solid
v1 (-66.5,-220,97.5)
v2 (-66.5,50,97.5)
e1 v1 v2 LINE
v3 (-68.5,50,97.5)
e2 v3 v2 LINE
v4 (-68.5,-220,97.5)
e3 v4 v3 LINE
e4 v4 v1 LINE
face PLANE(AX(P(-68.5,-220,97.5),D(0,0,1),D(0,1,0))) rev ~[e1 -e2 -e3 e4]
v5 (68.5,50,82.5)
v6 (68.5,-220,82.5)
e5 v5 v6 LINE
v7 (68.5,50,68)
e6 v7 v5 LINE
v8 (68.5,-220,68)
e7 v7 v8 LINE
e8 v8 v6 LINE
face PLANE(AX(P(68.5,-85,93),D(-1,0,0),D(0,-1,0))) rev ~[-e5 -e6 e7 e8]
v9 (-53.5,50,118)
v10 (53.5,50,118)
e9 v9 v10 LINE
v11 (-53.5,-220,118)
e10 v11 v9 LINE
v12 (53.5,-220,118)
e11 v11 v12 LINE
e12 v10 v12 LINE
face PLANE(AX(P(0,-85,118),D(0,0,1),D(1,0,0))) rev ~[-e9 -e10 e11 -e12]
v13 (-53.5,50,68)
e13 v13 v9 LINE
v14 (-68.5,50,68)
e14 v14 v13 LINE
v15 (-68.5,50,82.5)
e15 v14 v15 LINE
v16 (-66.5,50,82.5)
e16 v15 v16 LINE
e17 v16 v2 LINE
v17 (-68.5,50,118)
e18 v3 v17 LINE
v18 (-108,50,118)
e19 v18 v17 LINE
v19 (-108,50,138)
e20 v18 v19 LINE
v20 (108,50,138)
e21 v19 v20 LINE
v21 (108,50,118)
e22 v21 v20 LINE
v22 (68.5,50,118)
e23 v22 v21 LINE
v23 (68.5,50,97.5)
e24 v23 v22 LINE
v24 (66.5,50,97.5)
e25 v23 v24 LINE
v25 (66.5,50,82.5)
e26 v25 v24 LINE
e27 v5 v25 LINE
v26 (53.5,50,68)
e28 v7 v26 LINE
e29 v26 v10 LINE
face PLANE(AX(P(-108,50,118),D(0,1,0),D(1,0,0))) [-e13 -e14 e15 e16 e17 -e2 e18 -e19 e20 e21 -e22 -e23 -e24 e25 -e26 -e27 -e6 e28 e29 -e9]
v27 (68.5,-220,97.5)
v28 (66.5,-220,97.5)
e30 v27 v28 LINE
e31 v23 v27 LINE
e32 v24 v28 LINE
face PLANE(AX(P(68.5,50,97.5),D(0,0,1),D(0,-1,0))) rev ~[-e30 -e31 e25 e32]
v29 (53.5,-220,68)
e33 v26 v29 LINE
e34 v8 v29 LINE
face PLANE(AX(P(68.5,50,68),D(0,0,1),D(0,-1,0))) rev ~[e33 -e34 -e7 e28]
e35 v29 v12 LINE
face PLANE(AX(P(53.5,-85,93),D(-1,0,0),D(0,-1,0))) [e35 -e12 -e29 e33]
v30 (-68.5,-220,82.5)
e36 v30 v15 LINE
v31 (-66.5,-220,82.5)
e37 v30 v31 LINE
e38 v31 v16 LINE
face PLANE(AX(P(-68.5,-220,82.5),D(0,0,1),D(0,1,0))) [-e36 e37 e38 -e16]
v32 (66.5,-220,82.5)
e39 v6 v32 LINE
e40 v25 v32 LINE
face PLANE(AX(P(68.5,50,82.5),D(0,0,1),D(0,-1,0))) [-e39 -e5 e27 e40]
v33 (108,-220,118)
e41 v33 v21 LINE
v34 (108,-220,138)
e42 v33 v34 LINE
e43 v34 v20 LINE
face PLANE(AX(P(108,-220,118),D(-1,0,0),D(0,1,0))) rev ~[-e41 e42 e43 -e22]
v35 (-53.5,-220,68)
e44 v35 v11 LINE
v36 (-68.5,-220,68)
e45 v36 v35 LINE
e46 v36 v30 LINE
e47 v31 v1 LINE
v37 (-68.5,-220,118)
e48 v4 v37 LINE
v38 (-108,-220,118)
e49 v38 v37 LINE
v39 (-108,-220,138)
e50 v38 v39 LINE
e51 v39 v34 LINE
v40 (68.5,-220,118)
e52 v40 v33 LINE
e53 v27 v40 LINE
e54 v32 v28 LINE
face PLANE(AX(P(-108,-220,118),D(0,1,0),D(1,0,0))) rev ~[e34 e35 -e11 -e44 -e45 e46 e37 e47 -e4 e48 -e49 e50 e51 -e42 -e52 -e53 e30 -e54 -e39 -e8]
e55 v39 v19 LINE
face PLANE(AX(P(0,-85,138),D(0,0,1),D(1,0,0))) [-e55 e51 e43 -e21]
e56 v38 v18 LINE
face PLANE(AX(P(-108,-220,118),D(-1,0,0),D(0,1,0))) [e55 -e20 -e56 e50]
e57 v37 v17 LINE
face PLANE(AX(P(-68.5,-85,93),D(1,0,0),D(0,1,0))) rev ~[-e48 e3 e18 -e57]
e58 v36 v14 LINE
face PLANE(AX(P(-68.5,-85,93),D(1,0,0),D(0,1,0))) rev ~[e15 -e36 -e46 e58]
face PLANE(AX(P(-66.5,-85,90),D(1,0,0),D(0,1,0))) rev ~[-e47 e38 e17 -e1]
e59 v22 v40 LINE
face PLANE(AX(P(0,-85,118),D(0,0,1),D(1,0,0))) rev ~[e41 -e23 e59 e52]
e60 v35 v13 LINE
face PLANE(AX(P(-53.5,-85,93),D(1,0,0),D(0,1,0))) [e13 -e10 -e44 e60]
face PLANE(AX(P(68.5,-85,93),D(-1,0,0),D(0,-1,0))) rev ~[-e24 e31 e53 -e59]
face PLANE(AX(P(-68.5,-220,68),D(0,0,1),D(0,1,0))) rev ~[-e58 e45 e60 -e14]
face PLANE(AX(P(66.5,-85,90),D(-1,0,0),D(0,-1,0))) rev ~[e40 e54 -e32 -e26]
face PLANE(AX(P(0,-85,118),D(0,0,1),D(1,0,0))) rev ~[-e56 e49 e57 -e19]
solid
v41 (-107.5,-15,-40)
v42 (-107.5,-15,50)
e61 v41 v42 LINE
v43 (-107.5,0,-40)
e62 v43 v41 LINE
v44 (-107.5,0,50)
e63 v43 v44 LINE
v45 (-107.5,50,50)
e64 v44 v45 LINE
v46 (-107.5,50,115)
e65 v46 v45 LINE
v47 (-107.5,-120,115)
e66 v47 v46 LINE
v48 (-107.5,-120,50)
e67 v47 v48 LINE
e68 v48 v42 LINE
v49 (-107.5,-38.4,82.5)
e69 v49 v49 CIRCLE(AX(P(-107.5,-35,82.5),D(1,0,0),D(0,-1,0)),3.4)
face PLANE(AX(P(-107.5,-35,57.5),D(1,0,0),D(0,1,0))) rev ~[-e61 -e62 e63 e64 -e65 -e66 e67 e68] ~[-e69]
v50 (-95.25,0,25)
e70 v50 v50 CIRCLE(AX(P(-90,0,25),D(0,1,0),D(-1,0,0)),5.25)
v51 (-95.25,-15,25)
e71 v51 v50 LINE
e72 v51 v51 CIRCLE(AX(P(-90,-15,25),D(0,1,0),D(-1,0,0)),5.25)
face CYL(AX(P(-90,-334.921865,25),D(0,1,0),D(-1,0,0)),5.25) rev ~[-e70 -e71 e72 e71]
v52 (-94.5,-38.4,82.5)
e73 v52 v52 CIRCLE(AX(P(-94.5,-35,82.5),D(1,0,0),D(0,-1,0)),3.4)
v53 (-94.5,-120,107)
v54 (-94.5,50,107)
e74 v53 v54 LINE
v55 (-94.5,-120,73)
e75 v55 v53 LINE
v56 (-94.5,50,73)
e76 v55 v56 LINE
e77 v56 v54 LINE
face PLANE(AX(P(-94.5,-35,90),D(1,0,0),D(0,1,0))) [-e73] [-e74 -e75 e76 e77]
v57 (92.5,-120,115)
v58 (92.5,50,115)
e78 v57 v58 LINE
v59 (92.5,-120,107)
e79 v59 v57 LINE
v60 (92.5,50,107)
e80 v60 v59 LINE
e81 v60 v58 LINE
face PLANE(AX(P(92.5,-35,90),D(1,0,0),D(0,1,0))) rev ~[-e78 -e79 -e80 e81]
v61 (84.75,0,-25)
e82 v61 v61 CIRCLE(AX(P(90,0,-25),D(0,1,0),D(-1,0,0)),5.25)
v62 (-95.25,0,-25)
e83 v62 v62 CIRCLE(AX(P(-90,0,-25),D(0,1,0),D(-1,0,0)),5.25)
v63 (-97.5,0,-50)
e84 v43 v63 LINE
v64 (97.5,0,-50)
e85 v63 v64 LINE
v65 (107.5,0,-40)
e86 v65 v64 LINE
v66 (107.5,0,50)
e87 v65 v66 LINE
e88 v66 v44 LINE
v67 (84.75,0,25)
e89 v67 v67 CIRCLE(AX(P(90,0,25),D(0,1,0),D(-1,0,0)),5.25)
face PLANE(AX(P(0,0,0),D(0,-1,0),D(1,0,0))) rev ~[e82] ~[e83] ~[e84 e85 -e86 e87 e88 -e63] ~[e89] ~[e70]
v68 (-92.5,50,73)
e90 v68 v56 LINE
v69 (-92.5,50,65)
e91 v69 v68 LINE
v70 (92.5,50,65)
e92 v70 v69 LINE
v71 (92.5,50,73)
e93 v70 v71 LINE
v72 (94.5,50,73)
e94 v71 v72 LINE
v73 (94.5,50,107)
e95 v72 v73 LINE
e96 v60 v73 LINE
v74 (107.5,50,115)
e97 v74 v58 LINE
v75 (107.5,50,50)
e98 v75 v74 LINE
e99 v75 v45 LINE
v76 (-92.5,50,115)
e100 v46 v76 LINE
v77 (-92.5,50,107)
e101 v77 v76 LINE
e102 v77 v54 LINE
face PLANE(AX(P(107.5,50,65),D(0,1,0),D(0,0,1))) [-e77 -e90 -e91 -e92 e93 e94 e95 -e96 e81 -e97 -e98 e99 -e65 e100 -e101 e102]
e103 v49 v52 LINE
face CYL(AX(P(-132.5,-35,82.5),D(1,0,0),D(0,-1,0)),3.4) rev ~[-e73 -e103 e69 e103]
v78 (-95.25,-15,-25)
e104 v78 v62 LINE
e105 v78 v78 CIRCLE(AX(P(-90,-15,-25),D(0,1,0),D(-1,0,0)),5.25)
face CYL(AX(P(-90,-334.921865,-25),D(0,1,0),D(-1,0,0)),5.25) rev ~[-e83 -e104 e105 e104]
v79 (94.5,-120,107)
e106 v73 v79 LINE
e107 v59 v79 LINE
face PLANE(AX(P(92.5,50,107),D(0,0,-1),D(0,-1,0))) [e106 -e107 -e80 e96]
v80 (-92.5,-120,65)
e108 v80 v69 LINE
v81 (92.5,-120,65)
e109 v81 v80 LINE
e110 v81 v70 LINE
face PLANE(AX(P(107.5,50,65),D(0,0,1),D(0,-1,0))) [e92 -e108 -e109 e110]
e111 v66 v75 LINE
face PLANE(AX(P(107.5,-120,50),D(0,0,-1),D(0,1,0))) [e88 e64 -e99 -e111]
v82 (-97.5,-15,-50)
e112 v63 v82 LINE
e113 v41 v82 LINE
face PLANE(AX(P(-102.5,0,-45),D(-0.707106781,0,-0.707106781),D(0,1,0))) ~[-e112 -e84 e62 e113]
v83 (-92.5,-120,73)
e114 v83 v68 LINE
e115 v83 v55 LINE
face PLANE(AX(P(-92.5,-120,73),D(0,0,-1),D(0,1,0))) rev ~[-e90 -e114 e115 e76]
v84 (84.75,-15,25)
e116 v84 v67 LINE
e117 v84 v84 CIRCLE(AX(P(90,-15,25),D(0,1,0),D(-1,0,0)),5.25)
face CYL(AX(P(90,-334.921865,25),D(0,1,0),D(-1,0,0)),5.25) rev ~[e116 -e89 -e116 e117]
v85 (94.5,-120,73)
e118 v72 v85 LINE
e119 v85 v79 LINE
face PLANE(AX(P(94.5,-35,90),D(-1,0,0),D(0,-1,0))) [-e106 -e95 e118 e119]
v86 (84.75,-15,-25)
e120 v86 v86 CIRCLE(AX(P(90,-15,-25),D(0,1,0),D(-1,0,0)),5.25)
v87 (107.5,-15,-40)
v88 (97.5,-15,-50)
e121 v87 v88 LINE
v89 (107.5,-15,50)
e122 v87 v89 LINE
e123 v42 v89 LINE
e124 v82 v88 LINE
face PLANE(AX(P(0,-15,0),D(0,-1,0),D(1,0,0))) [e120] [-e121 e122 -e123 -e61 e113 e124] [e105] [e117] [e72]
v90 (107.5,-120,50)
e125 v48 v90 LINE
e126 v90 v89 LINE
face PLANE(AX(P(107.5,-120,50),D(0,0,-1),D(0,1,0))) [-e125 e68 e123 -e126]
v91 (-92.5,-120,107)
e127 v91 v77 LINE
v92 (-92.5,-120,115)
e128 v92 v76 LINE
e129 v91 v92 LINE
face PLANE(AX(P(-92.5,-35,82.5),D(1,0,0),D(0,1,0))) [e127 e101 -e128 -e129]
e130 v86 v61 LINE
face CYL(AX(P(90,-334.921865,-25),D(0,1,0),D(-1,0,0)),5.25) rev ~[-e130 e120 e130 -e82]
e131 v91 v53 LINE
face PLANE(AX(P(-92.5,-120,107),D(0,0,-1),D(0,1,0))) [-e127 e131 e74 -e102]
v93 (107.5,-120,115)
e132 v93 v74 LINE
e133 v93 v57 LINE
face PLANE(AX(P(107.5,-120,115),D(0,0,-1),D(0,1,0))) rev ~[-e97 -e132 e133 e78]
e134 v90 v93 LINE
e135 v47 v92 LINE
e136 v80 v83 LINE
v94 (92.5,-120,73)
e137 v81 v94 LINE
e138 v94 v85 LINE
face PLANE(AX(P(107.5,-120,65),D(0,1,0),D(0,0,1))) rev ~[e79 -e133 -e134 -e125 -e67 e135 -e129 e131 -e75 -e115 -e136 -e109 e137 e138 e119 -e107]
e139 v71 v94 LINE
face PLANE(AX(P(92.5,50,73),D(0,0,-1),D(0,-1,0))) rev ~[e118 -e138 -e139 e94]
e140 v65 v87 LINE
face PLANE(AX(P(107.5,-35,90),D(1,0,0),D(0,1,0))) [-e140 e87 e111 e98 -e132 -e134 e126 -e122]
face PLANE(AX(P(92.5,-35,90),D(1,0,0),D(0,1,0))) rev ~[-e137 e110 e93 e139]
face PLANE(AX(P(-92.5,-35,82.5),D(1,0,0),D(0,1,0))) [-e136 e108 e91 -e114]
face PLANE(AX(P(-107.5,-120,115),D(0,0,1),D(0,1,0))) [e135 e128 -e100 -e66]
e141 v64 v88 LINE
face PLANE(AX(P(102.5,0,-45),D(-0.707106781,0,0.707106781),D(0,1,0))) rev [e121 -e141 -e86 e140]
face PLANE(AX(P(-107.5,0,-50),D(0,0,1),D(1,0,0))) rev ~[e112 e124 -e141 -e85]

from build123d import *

# Parameters (mm, degrees)
F0_W      = 215
F0_H      = 100
F3_DEPTH  = 15
F4_DEPTH  = 215
F5_W      = 170
F5_H      = 50
F6_DEPTH  = 15
F8_W      = 170
F8_H      = 65
F9_DEPTH  = 15
F10_W     = 170
F10_H     = 34
F12_DEPTH = 2
F11_W     = 170
F11_H     = 34
F13_DEPTH = 2
F15_D     = 10.5
F16_SIZE  = 10
F18_W     = 216
F18_H     = 270
F19_DEPTH = 20
F22_W     = 270
F22_H     = 50
F24_DEPTH = 15
F23_W     = 270
F23_H     = 50
F25_DEPTH = 15
F26_W     = 270
F26_H     = 15
F28_DEPTH = 2
F27_W     = 270
F27_H     = 15
F29_DEPTH = 2
F31_D     = 6.8
F31_DEPTH = 25
F31_TIP   = 2.0429261047


with BuildPart() as f3:
    # F0 (on Front) → F3 (new body)
    with BuildSketch(Plane.XZ):
        Rectangle(F0_W, F0_H)
    extrude(amount=F3_DEPTH)

    # F2 (on offset) → F4 (join)
    with BuildSketch(Plane.YZ.offset(107.5)):
        Polygon((50, 65), (0, 65), (-120, 65), (-120, 50), (50, 50), align=None)
    extrude(amount=-F4_DEPTH)

    # F5 (on offset) → F6 (join)
    with BuildSketch(Plane.YZ.offset(107.5)):
        with Locations((-35, 90)):
            Rectangle(F5_W, F5_H)
    extrude(amount=-F6_DEPTH)

    # F8 (on offset) → F9 (join)
    with BuildSketch(Plane.YZ.offset(-107.5)):
        with Locations((-35, 82.5)):
            Rectangle(F8_W, F8_H)
    extrude(amount=F9_DEPTH)

    # F10 (on face) → F12 (cut)
    with BuildSketch(Plane.YZ.offset(-92.5)):
        with Locations((-35, 90)):
            Rectangle(F10_W, F10_H)
    extrude(amount=-F12_DEPTH, mode=Mode.SUBTRACT)

    # F11 (on face) → F13 (cut)
    with BuildSketch(Plane(origin=(92.5, 0, 0), x_dir=(0, -1, 0), z_dir=(-1, 0, 0))):
        with Locations((35, 90)):
            Rectangle(F11_W, F11_H)
    extrude(amount=-F13_DEPTH, mode=Mode.SUBTRACT)

    # F15 (through all)
    with Locations(Plane.XZ.offset(15)):
        with Locations((-90, 25), (-90, -25), (90, -25), (90, 25)):
            Hole(F15_D / 2)

    # F16
    f16_edges = [f3.edges().sort_by_distance(p)[0] for p in [
        (107.5, -7.5, -50),
        (-107.5, -7.5, -50),
    ]]
    chamfer(f16_edges, length=F16_SIZE)

    # F31
    with Locations(Plane(origin=(-107.5, 0, 0), x_dir=(0, 1, 0), z_dir=(-1, 0, 0))):
        with Locations((-35, -82.5)):
            Hole(F31_D / 2, depth=F31_DEPTH)
            with Locations((0, 0, -(F31_DEPTH + F31_TIP / 2))):  # 118° drill point
                Cone(0, F31_D / 2, F31_TIP, mode=Mode.SUBTRACT)


with BuildPart() as f19:
    # F18 (on offset) → F19 (new body)
    with BuildSketch(Plane.XY.offset(118)):
        with Locations((0, -85)):
            Rectangle(F18_W, F18_H)
    extrude(amount=F19_DEPTH)

    # F22 (on offset) → F24 (join)
    with BuildSketch(Plane.YZ.offset(-68.5)):
        with Locations((-85, 93)):
            Rectangle(F22_W, F22_H)
    extrude(amount=F24_DEPTH)

    # F23 (on offset) → F25 (join)
    with BuildSketch(Plane(origin=(68.5, 0, 0), x_dir=(0, -1, 0), z_dir=(-1, 0, 0))):
        with Locations((85, 93)):
            Rectangle(F23_W, F23_H)
    extrude(amount=F25_DEPTH)

    # F26 (on face) → F28 (cut)
    with BuildSketch(Plane(origin=(68.5, 0, 0), x_dir=(0, -1, 0), z_dir=(-1, 0, 0))):
        with Locations((85, 90)):
            Rectangle(F26_W, F26_H)
    extrude(amount=F28_DEPTH, mode=Mode.SUBTRACT)

    # F27 (on offset) → F29 (cut)
    with BuildSketch(Plane.YZ.offset(-68.5)):
        with Locations((-85, 90)):
            Rectangle(F27_W, F27_H)
    extrude(amount=F29_DEPTH, mode=Mode.SUBTRACT)


solid = Compound([f3.part, f19.part])
